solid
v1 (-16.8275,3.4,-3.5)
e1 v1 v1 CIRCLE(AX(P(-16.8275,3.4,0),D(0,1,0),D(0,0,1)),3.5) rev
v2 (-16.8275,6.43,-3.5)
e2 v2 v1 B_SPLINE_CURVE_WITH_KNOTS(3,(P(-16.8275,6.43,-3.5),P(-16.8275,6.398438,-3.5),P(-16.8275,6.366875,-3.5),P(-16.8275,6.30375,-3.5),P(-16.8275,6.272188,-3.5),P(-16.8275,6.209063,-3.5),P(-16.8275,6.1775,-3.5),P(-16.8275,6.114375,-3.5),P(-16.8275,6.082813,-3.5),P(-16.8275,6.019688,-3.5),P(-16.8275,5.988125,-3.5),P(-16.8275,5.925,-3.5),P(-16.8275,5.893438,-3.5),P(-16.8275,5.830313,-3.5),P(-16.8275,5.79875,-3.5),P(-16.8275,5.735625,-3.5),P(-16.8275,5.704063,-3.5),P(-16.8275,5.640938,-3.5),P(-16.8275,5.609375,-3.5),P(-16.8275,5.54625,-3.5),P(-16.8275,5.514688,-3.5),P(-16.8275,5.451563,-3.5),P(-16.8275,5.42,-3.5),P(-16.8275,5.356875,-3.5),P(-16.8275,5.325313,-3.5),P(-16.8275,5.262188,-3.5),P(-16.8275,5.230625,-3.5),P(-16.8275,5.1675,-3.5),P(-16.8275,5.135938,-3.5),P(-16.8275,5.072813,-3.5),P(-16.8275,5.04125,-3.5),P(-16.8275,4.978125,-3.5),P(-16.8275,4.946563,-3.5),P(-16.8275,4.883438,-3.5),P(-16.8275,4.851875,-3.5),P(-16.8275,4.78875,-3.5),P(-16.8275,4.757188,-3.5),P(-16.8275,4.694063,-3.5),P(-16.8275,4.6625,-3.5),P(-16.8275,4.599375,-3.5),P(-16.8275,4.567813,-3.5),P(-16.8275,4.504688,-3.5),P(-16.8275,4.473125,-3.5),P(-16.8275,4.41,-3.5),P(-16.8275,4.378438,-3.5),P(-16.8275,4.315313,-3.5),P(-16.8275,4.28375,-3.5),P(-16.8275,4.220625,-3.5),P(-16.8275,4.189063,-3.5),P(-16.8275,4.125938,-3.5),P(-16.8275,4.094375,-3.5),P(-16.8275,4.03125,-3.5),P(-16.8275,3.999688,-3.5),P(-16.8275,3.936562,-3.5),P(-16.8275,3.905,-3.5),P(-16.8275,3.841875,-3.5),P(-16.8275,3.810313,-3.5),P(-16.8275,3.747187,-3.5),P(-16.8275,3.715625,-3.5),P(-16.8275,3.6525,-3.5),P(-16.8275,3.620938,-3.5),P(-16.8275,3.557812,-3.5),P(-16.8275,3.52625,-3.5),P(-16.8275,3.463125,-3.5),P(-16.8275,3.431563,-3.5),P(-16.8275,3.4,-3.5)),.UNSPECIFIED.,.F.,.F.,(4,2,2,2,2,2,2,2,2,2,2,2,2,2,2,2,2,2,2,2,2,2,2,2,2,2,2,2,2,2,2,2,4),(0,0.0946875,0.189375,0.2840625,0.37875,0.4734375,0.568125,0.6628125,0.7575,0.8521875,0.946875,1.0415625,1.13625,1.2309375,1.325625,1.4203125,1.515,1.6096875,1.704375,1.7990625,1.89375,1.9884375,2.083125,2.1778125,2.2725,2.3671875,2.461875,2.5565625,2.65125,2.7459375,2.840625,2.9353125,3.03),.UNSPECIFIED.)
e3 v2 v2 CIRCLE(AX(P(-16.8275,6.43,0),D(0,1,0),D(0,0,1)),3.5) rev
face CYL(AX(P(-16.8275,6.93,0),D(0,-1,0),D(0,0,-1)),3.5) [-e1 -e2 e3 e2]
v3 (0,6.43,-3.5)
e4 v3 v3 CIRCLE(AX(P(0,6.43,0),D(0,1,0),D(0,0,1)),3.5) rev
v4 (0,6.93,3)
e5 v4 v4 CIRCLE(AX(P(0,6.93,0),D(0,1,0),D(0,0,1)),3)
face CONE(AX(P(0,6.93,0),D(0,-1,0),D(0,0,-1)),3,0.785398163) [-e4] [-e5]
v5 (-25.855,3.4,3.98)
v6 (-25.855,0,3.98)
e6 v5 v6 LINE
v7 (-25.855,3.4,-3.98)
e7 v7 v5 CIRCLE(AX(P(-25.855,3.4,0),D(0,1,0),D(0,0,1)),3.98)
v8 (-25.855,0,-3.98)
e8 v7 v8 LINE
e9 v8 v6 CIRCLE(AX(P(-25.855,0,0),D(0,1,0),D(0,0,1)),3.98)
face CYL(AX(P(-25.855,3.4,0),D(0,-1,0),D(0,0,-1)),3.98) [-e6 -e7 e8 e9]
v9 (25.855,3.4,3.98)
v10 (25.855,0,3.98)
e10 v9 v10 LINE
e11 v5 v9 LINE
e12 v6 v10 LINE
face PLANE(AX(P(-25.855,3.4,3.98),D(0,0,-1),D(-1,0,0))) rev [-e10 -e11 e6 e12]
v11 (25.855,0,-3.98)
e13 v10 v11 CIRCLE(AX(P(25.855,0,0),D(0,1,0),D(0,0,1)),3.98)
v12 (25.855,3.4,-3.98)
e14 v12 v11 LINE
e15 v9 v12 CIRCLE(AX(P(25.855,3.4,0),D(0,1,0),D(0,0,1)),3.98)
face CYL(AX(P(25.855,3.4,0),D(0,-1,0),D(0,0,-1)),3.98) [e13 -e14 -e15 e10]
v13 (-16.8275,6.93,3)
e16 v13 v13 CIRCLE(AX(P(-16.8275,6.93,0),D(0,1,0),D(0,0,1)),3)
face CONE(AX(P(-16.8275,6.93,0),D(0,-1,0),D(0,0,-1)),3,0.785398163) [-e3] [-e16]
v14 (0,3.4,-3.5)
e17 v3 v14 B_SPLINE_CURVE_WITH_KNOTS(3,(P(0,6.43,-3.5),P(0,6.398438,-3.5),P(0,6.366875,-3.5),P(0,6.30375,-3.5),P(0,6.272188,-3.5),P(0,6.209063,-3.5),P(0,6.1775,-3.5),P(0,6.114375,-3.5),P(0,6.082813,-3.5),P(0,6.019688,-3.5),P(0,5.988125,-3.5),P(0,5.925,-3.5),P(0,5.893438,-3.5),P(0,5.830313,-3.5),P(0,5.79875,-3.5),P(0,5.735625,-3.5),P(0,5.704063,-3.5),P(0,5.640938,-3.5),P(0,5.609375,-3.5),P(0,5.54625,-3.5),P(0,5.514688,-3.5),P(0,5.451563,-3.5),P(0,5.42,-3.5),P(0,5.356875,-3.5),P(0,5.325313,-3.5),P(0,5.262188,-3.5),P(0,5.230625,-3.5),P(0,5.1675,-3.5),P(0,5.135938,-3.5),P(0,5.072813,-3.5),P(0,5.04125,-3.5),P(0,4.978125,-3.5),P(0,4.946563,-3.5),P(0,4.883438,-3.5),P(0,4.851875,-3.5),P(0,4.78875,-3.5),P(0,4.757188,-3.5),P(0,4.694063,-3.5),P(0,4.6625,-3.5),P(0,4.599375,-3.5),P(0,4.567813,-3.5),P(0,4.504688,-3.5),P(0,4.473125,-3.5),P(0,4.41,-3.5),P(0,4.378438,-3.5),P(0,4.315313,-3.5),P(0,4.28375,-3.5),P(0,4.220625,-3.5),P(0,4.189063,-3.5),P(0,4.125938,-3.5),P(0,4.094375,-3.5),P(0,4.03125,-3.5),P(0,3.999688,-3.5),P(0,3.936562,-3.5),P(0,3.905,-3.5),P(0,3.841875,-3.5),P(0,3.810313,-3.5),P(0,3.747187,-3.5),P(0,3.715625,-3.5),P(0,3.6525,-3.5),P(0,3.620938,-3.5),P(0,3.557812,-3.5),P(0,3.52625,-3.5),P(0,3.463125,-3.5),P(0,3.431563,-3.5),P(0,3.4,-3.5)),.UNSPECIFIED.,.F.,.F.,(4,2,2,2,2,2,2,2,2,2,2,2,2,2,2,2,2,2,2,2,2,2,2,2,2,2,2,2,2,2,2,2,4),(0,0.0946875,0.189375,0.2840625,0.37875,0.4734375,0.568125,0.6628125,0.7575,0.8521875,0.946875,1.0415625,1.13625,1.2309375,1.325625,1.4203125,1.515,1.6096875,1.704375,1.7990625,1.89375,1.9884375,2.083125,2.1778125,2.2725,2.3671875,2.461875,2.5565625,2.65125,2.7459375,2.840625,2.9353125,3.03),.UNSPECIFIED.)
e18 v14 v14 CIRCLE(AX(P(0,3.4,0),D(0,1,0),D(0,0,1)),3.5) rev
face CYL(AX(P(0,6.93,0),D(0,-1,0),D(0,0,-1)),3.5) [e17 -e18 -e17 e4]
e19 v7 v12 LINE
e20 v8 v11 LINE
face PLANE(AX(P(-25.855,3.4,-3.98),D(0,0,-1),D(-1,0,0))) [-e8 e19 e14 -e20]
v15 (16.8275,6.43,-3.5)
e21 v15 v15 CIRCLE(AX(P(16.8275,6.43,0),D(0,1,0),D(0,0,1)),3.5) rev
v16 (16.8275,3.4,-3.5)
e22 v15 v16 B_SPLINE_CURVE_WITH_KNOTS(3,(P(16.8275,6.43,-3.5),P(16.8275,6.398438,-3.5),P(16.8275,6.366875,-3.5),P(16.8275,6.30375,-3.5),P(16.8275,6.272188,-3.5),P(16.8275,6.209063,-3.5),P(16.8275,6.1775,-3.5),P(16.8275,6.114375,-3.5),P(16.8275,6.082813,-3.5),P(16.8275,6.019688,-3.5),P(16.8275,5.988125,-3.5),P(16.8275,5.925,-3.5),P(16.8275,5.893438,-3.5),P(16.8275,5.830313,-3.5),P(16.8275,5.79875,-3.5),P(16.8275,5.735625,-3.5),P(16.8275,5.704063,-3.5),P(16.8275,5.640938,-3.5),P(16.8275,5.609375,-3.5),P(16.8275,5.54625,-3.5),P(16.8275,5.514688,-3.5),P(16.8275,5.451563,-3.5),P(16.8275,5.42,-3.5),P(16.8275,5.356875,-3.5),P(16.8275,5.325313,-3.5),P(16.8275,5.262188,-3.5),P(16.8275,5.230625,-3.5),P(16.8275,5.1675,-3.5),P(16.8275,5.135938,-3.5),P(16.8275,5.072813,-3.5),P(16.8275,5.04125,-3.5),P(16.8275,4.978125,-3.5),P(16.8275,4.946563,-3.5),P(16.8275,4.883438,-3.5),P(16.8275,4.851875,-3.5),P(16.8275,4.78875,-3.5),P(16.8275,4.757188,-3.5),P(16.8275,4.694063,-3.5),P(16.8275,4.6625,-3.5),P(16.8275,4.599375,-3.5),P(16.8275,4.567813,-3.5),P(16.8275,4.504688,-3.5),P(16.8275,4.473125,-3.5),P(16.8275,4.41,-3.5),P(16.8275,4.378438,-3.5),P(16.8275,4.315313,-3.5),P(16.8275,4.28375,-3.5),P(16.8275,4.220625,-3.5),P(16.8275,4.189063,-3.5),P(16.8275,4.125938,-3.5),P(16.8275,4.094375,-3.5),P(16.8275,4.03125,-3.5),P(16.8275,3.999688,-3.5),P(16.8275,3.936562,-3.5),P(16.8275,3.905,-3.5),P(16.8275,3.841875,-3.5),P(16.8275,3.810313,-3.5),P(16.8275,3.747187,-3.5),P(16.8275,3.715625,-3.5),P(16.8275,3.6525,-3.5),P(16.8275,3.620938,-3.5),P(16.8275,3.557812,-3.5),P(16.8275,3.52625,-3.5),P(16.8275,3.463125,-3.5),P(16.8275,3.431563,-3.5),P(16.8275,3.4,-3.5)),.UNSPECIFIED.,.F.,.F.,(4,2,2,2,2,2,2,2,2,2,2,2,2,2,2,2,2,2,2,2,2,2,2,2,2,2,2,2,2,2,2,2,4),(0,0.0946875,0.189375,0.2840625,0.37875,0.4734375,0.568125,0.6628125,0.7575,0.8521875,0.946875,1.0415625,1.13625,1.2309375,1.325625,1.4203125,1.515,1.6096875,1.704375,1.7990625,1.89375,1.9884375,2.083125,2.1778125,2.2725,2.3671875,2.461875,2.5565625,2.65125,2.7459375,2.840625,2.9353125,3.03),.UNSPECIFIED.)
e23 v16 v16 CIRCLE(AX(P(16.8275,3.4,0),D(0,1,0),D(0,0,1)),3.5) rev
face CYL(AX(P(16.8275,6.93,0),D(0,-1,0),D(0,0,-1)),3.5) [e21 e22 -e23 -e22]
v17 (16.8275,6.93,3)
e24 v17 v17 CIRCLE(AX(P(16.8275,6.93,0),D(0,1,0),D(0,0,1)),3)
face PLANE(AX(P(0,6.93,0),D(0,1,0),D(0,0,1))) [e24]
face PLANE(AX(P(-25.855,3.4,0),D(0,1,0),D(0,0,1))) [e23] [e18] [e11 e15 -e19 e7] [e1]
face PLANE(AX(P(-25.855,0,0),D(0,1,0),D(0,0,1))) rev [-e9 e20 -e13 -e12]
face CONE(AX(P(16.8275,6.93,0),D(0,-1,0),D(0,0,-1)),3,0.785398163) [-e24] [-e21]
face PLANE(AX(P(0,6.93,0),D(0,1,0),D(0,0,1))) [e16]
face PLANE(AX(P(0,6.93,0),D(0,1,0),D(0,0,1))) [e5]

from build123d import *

# Parameters (mm, degrees)
BOSS_EXTRUDE1_DEPTH = 3.4
SKETCH1_3_R         = 3.5
BOSS_EXTRUDE2_DEPTH = 6.93
CHAMFER1_SIZE       = 0.5
SKETCH1_4_R         = 3.5
BOSS_EXTRUDE3_DEPTH = 6.93
CHAMFER2_SIZE       = 0.5


with BuildPart() as part:
    # Sketch1 → Boss-Extrude1 (new body)
    with BuildSketch(Plane(origin=(0, 0, 0), x_dir=(1, 0, 0), z_dir=(0, 1, 0))):
        with BuildLine():
            Line((-25.855, 3.98), (25.855, 3.98))
            ThreePointArc((25.855, 3.98), (29.835, 0), (25.855, -3.98))
            Line((25.855, -3.98), (-25.855, -3.98))
            ThreePointArc((-25.855, -3.98), (-29.835, 0), (-25.855, 3.98))
        make_face()
    extrude(amount=BOSS_EXTRUDE1_DEPTH)

    # Sketch1<3> → Boss-Extrude2 (add)
    with BuildSketch(Plane(origin=(0, 0, 0), x_dir=(1, 0, 0), z_dir=(0, 1, 0))):
        with Locations(Location((-16.8275, 0, 0), (0, 0, 90))):
            Circle(SKETCH1_3_R)
        with Locations(Location((16.8275, 0, 0), (0, 0, 90))):
            Circle(SKETCH1_3_R)
    extrude(amount=BOSS_EXTRUDE2_DEPTH)

    # Chamfer1
    chamfer1_edges = [part.edges().sort_by_distance(p)[0] for p in [
        (-16.8275, 6.93, 3.5),
        (16.8275, 6.93, 3.5),
    ]]
    chamfer(chamfer1_edges, length=CHAMFER1_SIZE)

    # Sketch1<4> → Boss-Extrude3 (add)
    with BuildSketch(Plane(origin=(0, 0, 0), x_dir=(1, 0, 0), z_dir=(0, 1, 0))):
        with Locations(Location((0, 0, 0), (0, 0, 90))):
            Circle(SKETCH1_4_R)
    extrude(amount=BOSS_EXTRUDE3_DEPTH)

    # Chamfer2
    chamfer2_edges = [part.edges().sort_by_distance(p)[0] for p in [
        (0, 6.93, 3.5),
    ]]
    chamfer(chamfer2_edges, length=CHAMFER2_SIZE)


solid = part.part
